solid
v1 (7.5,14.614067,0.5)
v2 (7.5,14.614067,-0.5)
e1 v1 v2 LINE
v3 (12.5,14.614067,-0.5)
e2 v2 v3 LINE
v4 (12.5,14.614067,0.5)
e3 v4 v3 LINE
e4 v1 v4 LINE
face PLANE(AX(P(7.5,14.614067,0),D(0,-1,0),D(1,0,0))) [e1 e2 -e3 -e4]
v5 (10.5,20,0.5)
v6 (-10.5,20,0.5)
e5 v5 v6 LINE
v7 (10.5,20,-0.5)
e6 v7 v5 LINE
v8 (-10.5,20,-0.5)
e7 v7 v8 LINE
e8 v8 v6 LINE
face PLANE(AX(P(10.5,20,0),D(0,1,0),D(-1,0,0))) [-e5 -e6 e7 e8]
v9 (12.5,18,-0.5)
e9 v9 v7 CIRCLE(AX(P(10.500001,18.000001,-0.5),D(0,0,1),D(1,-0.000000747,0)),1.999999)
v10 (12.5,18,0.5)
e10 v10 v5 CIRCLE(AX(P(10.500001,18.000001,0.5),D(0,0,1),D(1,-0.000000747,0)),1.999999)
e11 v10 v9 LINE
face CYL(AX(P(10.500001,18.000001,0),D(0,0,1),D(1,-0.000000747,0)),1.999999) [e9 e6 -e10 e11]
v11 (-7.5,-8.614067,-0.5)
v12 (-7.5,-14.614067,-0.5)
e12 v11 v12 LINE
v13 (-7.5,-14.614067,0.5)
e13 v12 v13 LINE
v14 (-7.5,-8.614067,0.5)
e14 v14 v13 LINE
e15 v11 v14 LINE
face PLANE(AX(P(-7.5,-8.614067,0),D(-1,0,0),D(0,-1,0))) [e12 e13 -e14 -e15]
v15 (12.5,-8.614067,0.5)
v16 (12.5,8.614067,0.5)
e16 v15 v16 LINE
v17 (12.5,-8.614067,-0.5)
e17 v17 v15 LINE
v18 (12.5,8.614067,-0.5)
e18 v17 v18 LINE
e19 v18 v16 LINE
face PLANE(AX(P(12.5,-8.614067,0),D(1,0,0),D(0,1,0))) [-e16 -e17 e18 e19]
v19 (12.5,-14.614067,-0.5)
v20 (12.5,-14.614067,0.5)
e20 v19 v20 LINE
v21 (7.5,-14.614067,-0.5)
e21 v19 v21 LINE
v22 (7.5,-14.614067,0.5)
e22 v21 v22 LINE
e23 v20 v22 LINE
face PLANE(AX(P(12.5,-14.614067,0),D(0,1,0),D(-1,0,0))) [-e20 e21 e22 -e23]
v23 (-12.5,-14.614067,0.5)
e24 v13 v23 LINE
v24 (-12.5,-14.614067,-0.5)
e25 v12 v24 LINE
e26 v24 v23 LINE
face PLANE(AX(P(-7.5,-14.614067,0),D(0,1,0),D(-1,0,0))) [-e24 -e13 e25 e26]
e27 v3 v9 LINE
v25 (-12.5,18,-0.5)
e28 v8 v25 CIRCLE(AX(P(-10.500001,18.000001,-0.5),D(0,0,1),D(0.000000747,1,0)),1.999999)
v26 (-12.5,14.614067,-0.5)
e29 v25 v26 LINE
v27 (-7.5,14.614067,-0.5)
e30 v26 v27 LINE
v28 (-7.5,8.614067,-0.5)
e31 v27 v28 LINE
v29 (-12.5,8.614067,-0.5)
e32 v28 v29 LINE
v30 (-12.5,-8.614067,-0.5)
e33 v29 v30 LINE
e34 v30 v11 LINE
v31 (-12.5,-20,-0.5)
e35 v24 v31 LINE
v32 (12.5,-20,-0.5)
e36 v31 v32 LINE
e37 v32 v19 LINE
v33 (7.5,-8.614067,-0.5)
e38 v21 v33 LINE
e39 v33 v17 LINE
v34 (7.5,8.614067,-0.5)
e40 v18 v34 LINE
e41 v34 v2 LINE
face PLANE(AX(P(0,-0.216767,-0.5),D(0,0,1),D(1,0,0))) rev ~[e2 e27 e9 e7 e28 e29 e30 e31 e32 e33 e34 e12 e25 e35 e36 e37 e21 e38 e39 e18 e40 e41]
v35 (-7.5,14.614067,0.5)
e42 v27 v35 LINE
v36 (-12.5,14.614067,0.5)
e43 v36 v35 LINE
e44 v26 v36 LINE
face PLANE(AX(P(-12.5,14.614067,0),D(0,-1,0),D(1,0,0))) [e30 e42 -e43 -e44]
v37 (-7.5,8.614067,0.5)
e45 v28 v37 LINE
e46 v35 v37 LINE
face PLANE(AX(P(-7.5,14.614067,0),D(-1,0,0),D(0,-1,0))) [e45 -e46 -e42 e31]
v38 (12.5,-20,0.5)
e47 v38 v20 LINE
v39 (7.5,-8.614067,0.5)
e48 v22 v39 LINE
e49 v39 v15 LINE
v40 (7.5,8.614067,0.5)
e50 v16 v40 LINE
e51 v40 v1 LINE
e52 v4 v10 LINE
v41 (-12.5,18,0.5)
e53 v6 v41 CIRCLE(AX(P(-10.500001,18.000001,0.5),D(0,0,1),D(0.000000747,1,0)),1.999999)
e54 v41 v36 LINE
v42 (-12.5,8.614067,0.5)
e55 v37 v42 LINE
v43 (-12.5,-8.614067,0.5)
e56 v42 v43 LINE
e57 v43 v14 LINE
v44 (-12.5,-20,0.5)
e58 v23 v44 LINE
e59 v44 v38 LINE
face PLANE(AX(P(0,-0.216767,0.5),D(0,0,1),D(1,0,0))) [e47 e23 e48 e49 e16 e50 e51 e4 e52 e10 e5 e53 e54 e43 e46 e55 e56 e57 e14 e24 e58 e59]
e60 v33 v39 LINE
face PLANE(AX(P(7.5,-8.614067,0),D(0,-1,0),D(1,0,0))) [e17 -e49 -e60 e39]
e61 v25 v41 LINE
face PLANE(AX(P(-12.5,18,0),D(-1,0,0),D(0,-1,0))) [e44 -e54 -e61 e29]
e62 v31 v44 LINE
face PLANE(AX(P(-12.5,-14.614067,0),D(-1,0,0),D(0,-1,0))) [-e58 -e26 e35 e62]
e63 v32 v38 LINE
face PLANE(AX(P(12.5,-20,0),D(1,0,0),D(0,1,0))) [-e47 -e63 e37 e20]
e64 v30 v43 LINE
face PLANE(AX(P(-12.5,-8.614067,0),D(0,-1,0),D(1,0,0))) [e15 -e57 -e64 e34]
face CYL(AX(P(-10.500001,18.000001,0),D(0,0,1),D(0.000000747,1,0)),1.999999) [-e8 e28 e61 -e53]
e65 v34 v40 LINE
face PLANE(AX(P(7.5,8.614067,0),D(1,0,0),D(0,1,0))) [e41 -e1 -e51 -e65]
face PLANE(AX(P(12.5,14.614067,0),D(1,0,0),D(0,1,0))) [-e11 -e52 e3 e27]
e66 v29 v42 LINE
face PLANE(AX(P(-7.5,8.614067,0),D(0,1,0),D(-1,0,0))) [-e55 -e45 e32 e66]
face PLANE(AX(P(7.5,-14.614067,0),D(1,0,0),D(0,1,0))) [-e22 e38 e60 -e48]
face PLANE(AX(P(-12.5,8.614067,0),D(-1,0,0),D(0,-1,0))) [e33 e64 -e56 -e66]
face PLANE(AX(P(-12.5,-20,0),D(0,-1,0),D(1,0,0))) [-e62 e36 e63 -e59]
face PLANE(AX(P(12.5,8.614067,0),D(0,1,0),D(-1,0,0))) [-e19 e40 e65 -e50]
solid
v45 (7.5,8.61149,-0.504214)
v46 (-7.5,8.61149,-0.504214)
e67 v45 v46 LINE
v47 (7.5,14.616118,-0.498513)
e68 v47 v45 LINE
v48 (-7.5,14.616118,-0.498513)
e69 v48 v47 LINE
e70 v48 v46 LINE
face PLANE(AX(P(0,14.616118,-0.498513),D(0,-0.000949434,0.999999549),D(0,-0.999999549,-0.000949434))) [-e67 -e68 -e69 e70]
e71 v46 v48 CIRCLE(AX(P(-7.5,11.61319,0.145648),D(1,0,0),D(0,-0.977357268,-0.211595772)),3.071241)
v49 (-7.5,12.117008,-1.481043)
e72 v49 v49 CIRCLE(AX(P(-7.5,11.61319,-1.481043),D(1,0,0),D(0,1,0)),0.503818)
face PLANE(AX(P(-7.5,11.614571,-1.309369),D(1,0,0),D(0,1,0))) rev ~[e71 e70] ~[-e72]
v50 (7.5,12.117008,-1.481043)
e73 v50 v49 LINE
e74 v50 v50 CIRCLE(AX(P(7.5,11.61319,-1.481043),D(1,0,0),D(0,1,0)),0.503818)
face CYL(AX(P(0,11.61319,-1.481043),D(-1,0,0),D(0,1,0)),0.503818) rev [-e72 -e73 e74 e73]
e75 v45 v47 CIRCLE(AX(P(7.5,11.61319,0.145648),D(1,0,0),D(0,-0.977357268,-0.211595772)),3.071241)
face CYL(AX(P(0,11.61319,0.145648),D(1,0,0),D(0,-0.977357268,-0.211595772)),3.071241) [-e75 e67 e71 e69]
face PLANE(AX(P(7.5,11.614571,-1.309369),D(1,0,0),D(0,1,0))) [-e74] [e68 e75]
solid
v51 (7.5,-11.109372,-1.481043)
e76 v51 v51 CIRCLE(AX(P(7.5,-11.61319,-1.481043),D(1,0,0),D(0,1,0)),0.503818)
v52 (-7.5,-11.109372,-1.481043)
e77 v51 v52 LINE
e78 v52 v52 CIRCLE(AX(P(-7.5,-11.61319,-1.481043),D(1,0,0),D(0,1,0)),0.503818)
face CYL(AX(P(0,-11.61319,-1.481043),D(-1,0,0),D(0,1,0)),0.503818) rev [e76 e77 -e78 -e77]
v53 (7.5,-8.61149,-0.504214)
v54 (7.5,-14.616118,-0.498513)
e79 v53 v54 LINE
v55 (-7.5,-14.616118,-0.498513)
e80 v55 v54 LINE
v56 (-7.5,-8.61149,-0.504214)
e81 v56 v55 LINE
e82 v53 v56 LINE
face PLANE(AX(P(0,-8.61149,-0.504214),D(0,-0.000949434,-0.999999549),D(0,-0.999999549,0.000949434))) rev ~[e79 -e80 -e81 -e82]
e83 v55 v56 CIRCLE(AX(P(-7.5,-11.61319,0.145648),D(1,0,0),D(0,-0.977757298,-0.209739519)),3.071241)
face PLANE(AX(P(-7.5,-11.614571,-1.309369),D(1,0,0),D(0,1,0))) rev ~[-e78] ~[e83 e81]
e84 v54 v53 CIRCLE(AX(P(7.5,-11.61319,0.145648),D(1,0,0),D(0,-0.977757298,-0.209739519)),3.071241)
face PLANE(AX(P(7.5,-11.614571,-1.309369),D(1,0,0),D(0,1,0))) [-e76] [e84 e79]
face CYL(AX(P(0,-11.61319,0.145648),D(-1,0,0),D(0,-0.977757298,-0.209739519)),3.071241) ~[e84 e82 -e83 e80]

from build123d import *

# Parameters (mm, degrees)
F1_DEPTH = 0.5
F2_R     = 0.503818
F3_DEPTH = 7.5


with BuildPart() as f1:
    # F0 (on Top) → F1 (new body, symmetric)
    with BuildSketch(Plane.XY):
        with BuildLine():
            ThreePointArc((12.5, 18), (11.914214, 19.414214), (10.5, 20))
            Line((10.5, 20), (-10.5, 20))
            ThreePointArc((-10.5, 20), (-11.914214, 19.414214), (-12.5, 18))
            Line((-12.5, 18), (-12.5, 14.614067))
            Line((-12.5, 14.614067), (-7.5, 14.614067))
            Line((-7.5, 14.614067), (-7.5, 8.614067))
            Line((-7.5, 8.614067), (-12.5, 8.614067))
            Line((-12.5, 8.614067), (-12.5, -8.614067))
            Line((-12.5, -8.614067), (-7.5, -8.614067))
            Line((-7.5, -8.614067), (-7.5, -14.614067))
            Line((-7.5, -14.614067), (-12.5, -14.614067))
            Line((-12.5, -14.614067), (-12.5, -20))
            Line((-12.5, -20), (12.5, -20))
            Line((12.5, -20), (12.5, -14.614067))
            Line((12.5, -14.614067), (7.5, -14.614067))
            Line((7.5, -14.614067), (7.5, -8.614067))
            Line((7.5, -8.614067), (12.5, -8.614067))
            Line((12.5, -8.614067), (12.5, 8.614067))
            Line((12.5, 8.614067), (7.5, 8.614067))
            Line((7.5, 8.614067), (7.5, 14.614067))
            Line((7.5, 14.614067), (12.5, 14.614067))
            Line((12.5, 14.614067), (12.5, 18))
        make_face()
    extrude(amount=F1_DEPTH, both=True)


with BuildPart() as f3:
    # F2 (on Right) → F3 (new body, symmetric)
    with BuildSketch(Plane.YZ):
        with BuildLine():
            Line((-8.61149, -0.504214), (-14.616118, -0.498513))
            ThreePointArc((-14.616118, -0.498513), (-11.616105, -2.925592), (-8.61149, -0.504214))
        make_face()
        with Locations((-11.61319, -1.481043)):
            Circle(F2_R, mode=Mode.SUBTRACT)
        with BuildLine():
            ThreePointArc((8.61149, -0.504214), (11.616105, -2.925592), (14.616118, -0.498513))
            Line((14.616118, -0.498513), (8.61149, -0.504214))
        make_face()
        with Locations((11.61319, -1.481043)):
            Circle(F2_R, mode=Mode.SUBTRACT)
    extrude(amount=F3_DEPTH, both=True)


solid = Compound([f1.part, f3.part])
